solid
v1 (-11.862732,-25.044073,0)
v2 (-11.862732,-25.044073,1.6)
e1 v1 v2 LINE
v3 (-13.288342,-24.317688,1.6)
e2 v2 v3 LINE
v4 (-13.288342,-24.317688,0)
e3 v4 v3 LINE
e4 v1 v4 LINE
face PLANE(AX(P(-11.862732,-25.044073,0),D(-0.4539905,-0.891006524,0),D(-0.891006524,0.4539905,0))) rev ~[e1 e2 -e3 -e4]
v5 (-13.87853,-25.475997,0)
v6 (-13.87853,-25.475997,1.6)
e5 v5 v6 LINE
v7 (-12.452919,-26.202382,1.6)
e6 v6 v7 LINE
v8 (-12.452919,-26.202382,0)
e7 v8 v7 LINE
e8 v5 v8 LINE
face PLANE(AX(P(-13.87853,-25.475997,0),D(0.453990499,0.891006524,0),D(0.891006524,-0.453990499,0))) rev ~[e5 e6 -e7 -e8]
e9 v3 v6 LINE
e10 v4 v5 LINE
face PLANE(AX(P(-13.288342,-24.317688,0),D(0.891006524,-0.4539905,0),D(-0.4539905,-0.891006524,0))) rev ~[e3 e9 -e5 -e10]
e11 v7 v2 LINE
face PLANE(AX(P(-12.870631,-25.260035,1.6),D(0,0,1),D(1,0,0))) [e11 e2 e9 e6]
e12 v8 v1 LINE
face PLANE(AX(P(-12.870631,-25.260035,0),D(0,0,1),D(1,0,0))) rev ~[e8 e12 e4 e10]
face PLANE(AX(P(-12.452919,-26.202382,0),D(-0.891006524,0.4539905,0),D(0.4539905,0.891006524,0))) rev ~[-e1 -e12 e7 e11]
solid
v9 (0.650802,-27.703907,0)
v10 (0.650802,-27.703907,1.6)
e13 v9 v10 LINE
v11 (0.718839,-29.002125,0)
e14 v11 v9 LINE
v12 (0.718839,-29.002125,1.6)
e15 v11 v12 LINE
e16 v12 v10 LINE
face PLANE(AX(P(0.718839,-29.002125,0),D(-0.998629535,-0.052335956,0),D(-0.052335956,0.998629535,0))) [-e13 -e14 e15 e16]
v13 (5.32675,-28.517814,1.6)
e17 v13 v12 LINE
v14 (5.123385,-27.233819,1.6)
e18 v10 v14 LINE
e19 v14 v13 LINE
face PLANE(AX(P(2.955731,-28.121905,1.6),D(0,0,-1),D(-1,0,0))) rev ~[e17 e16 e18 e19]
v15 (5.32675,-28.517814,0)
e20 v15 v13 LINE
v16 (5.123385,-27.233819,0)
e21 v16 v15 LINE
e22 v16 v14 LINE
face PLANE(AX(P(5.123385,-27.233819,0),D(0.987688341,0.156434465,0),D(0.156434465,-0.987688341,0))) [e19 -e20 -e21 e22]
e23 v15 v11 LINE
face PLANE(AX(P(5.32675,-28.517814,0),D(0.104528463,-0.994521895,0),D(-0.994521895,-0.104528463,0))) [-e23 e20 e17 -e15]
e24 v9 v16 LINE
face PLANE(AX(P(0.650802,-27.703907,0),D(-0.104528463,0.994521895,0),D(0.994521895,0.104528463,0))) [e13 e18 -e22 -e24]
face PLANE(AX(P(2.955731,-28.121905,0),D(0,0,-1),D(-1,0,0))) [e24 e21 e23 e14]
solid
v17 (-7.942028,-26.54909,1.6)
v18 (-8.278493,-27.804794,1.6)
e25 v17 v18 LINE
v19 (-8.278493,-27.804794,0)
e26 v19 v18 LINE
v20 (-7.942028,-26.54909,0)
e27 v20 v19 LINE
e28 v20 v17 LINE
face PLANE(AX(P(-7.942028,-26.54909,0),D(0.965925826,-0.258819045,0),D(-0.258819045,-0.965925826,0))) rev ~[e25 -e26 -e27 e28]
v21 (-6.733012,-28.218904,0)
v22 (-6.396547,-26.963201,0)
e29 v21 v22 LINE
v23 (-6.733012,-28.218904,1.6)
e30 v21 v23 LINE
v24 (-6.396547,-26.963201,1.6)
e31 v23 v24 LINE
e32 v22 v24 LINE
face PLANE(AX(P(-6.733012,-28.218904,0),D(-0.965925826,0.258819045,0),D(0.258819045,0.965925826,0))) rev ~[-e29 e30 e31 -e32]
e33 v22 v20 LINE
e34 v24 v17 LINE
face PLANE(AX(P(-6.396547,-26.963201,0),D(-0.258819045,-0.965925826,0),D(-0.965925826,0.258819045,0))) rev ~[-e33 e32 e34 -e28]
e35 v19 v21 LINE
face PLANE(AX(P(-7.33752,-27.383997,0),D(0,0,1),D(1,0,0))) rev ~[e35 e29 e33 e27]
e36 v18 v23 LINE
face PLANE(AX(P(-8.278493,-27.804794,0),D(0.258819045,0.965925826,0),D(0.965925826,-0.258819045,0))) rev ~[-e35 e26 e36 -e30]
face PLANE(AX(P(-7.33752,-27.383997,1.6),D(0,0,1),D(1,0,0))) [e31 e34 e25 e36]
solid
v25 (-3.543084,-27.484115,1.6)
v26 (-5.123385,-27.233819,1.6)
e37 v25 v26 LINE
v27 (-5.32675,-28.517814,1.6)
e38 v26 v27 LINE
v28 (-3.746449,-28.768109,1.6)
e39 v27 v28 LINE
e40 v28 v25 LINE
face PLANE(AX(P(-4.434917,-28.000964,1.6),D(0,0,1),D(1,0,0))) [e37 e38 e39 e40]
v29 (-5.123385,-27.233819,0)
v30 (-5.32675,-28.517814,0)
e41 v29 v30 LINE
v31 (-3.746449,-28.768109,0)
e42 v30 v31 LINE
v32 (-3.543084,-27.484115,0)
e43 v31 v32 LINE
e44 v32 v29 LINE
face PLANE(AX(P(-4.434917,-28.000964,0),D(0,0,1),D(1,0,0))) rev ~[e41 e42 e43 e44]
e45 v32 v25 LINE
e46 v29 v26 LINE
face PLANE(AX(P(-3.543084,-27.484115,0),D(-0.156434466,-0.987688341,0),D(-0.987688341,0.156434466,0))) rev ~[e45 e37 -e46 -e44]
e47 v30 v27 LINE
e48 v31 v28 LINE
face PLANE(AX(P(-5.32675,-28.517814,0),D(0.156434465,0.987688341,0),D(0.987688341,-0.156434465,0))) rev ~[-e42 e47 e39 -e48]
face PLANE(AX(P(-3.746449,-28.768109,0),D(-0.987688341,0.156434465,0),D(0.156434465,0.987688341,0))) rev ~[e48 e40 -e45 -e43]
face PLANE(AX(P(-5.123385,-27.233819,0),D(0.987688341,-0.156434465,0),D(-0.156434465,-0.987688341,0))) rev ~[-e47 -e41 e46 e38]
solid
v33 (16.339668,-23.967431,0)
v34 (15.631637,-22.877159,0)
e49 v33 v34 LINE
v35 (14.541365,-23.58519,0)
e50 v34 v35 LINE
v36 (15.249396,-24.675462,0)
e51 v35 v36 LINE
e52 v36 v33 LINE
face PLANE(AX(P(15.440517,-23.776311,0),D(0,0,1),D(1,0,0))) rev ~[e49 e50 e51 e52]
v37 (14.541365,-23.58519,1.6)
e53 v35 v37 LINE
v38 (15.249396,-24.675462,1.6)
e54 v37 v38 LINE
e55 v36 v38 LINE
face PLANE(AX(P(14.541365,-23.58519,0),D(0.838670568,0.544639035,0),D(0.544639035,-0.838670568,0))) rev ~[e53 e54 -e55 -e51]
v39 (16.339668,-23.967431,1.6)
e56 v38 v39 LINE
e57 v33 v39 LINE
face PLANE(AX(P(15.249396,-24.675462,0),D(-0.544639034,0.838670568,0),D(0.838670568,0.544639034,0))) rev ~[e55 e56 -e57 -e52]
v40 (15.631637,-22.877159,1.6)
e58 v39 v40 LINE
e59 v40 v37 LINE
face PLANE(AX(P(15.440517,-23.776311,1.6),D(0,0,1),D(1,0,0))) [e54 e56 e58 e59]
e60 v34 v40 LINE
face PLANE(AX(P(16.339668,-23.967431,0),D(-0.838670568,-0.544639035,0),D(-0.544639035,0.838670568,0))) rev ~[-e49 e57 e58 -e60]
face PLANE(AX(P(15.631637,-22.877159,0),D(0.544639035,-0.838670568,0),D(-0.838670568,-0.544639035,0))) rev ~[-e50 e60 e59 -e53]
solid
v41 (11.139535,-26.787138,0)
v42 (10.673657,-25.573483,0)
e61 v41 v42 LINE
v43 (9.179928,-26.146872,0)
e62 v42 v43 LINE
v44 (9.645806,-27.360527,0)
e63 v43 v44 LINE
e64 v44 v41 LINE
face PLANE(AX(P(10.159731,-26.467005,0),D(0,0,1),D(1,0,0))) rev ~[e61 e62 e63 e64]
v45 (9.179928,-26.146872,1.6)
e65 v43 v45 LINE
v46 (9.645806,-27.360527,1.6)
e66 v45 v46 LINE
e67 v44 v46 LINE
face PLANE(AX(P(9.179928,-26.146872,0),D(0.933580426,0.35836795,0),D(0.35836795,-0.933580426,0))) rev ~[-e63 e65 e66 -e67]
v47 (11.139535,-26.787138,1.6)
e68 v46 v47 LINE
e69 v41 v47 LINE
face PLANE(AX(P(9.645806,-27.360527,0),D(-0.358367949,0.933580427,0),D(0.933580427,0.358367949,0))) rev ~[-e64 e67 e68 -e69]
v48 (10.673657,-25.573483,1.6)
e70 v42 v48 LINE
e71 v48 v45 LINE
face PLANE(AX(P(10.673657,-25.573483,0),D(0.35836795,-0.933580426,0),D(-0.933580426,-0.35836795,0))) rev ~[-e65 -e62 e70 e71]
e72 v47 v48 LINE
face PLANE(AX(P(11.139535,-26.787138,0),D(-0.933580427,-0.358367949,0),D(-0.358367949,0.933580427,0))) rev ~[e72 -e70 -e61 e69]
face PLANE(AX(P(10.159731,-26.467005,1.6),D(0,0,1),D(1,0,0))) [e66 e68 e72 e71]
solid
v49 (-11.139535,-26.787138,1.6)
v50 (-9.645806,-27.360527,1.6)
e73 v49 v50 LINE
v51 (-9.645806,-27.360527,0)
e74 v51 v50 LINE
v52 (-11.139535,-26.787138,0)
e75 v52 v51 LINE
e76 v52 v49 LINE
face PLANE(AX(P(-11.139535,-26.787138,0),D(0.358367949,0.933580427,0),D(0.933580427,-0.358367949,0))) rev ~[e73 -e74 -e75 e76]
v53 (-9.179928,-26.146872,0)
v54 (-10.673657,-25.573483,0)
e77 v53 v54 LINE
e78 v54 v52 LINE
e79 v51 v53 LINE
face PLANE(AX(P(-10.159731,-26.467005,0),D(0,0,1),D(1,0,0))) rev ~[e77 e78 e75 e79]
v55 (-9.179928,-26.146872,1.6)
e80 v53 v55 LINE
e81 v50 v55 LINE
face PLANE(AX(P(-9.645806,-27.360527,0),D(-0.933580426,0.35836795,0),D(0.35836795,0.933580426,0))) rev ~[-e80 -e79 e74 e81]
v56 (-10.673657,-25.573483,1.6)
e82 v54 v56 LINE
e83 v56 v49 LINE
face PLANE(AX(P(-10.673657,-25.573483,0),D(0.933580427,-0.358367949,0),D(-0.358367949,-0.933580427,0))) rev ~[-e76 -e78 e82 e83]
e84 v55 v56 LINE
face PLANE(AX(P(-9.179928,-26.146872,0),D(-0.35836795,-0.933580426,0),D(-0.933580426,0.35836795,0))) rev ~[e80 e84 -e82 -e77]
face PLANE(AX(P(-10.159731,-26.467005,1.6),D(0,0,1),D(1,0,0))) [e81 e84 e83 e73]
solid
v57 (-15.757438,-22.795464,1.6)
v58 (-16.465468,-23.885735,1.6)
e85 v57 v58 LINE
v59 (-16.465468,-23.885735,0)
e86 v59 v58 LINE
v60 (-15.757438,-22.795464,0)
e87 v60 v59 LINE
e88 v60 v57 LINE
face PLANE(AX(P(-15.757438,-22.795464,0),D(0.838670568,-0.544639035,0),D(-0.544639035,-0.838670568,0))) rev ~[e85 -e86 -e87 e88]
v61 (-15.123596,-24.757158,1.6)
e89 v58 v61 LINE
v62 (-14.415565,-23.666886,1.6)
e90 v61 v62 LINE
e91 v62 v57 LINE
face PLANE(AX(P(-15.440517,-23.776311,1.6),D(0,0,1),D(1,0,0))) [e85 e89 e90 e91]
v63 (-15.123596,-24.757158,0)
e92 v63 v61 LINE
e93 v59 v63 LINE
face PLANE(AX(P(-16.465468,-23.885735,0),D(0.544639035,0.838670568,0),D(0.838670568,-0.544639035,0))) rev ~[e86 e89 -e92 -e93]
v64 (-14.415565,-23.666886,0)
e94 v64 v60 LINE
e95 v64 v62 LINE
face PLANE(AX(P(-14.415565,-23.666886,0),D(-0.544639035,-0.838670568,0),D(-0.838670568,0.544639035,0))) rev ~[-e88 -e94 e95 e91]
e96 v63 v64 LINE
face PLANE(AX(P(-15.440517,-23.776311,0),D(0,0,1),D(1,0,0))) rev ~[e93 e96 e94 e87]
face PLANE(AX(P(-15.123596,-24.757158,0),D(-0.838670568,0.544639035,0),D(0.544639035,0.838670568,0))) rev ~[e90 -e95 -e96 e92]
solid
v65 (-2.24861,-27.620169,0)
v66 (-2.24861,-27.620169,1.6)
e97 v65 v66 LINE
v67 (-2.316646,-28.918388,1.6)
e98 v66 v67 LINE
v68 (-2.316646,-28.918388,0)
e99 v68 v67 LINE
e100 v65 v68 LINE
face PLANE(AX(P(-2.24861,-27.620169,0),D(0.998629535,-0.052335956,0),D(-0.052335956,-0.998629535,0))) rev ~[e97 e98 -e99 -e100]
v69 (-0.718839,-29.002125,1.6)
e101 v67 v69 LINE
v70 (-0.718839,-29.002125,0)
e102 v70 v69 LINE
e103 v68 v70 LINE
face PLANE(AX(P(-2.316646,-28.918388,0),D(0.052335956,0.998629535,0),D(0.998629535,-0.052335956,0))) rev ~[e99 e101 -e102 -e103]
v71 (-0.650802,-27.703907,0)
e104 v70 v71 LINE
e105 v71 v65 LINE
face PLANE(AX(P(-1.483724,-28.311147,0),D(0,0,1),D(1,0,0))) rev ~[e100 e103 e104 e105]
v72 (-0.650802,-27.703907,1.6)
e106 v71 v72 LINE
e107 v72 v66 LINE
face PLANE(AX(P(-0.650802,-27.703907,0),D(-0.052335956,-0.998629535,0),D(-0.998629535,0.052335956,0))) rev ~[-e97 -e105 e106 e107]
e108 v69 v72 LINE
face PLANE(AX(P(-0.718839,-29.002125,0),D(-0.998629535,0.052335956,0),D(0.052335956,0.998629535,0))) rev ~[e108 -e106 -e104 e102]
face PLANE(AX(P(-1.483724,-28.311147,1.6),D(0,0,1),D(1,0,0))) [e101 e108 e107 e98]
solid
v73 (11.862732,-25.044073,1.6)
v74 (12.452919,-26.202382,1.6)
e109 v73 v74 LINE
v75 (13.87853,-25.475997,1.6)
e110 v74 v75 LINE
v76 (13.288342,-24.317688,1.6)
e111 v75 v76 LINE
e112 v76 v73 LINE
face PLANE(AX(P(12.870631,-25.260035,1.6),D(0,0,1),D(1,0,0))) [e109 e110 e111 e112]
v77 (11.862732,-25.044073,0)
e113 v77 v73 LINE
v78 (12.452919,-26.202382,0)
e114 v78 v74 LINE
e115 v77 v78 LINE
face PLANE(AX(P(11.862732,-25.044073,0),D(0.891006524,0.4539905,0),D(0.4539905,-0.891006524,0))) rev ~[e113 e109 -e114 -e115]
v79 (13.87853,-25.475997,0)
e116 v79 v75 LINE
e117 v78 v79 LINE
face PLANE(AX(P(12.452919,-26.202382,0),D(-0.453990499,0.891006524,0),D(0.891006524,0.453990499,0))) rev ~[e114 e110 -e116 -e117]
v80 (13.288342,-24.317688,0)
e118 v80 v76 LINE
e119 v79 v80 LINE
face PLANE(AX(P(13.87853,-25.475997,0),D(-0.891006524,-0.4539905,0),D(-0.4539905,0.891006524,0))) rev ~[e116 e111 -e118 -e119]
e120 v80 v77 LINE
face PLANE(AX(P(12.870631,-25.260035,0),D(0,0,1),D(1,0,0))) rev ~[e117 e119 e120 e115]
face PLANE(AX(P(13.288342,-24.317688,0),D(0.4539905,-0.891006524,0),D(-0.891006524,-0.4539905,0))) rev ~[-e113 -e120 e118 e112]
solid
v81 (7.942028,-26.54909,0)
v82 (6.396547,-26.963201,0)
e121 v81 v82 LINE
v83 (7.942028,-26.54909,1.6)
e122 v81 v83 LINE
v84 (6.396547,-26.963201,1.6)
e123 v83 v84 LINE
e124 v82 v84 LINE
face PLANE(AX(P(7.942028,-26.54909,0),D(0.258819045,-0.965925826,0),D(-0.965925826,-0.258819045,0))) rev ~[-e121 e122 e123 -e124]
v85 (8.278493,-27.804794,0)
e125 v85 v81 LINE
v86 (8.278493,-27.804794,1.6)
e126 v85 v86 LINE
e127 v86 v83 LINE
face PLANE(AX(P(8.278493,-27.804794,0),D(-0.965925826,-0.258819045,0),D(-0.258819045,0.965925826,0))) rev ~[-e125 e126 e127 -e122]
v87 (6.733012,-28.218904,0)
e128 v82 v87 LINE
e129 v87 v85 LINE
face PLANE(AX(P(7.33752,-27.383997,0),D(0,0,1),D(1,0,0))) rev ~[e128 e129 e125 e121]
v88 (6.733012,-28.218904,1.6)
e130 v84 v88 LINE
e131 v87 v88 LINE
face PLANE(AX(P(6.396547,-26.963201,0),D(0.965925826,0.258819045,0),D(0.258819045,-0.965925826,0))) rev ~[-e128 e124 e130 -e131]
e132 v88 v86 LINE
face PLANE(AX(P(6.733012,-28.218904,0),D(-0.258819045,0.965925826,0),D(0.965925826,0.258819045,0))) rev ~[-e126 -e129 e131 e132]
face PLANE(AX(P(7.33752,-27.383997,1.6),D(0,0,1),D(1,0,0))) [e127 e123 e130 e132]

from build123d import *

# Parameters (mm, degrees)
CONTACTS_DEPTH    = 1.6
CONTACTS_2_DEPTH  = 1.6
CONTACTS_3_DEPTH  = 1.6
CONTACTS_4_DEPTH  = 1.6
CONTACTS_5_DEPTH  = 1.6
CONTACTS_6_DEPTH  = 1.6
CONTACTS_7_DEPTH  = 1.6
CONTACTS_8_DEPTH  = 1.6
CONTACTS_9_DEPTH  = 1.6
CONTACTS_10_DEPTH = 1.6
CONTACTS_11_DEPTH = 1.6


with BuildPart() as part:
    # Sketch3 → Contacts (new body)
    with BuildSketch(Plane.XY):
        Polygon((-16.46546847, -23.885735242), (-15.123595561, -24.757157698), (-14.415564816, -23.66688596), (-15.757437724, -22.795463504), align=None)
    extrude(amount=CONTACTS_DEPTH)


with BuildPart() as body_2:
    # Sketch3 → Contacts 2 (new body)
    with BuildSketch(Plane.XY):
        Polygon((-13.878529712, -25.475996802), (-12.452919273, -26.202381601), (-11.862731623, -25.04407312), (-13.288342062, -24.31768832), align=None)
    extrude(amount=CONTACTS_2_DEPTH)


with BuildPart() as body_3:
    # Sketch3 → Contacts 3 (new body)
    with BuildSketch(Plane.XY):
        Polygon((-11.139534878, -26.787138009), (-9.645806196, -27.360526728), (-9.179927861, -26.146872174), (-10.673656544, -25.573483454), align=None)
    extrude(amount=CONTACTS_3_DEPTH)


with BuildPart() as body_4:
    # Sketch3 → Contacts 4 (new body)
    with BuildSketch(Plane.XY):
        Polygon((-8.278492969, -27.804793726), (-6.733011647, -28.218904198), (-6.396546888, -26.963200624), (-7.94202821, -26.549090152), align=None)
    extrude(amount=CONTACTS_4_DEPTH)


with BuildPart() as body_5:
    # Sketch3 → Contacts 5 (new body)
    with BuildSketch(Plane.XY):
        Polygon((-5.326750159, -28.517814305), (-3.746448814, -28.768109449), (-3.543084009, -27.484114607), (-5.123385354, -27.233819462), align=None)
    extrude(amount=CONTACTS_5_DEPTH)


with BuildPart() as body_6:
    # Sketch3 → Contacts 6 (new body)
    with BuildSketch(Plane.XY):
        Polygon((-2.316646359, -28.918387743), (-0.718839103, -29.002125273), (-0.65080236, -27.703906878), (-2.248609616, -27.620169348), align=None)
    extrude(amount=CONTACTS_6_DEPTH)


with BuildPart() as body_7:
    # Sketch3 → Contacts 7 (new body)
    with BuildSketch(Plane.XY):
        Polygon((0.718839103, -29.002125273), (0.65080236, -27.703906878), (5.123385354, -27.233819462), (5.326750159, -28.517814305), align=None)
    extrude(amount=CONTACTS_7_DEPTH)


with BuildPart() as body_8:
    # Sketch3 → Contacts 8 (new body)
    with BuildSketch(Plane.XY):
        Polygon((6.733011647, -28.218904198), (8.278492969, -27.804793726), (7.94202821, -26.549090152), (6.396546888, -26.963200624), align=None)
    extrude(amount=CONTACTS_8_DEPTH)


with BuildPart() as body_9:
    # Sketch3 → Contacts 9 (new body)
    with BuildSketch(Plane.XY):
        Polygon((9.645806196, -27.360526728), (11.139534878, -26.787138009), (10.673656544, -25.573483454), (9.179927861, -26.146872174), align=None)
    extrude(amount=CONTACTS_9_DEPTH)


with BuildPart() as body_10:
    # Sketch3 → Contacts 10 (new body)
    with BuildSketch(Plane.XY):
        Polygon((12.452919273, -26.202381601), (13.878529712, -25.475996802), (13.288342062, -24.31768832), (11.862731623, -25.04407312), align=None)
    extrude(amount=CONTACTS_10_DEPTH)


with BuildPart() as body_11:
    # Sketch3 → Contacts 11 (new body)
    with BuildSketch(Plane.XY):
        Polygon((15.249396146, -24.675461843), (16.339667885, -23.967431098), (15.631637139, -22.877159359), (14.541365401, -23.585190105), align=None)
    extrude(amount=CONTACTS_11_DEPTH)


solid = Compound([part.part, body_2.part, body_3.part, body_4.part, body_5.part, body_6.part, body_7.part, body_8.part, body_9.part, body_10.part, body_11.part])
